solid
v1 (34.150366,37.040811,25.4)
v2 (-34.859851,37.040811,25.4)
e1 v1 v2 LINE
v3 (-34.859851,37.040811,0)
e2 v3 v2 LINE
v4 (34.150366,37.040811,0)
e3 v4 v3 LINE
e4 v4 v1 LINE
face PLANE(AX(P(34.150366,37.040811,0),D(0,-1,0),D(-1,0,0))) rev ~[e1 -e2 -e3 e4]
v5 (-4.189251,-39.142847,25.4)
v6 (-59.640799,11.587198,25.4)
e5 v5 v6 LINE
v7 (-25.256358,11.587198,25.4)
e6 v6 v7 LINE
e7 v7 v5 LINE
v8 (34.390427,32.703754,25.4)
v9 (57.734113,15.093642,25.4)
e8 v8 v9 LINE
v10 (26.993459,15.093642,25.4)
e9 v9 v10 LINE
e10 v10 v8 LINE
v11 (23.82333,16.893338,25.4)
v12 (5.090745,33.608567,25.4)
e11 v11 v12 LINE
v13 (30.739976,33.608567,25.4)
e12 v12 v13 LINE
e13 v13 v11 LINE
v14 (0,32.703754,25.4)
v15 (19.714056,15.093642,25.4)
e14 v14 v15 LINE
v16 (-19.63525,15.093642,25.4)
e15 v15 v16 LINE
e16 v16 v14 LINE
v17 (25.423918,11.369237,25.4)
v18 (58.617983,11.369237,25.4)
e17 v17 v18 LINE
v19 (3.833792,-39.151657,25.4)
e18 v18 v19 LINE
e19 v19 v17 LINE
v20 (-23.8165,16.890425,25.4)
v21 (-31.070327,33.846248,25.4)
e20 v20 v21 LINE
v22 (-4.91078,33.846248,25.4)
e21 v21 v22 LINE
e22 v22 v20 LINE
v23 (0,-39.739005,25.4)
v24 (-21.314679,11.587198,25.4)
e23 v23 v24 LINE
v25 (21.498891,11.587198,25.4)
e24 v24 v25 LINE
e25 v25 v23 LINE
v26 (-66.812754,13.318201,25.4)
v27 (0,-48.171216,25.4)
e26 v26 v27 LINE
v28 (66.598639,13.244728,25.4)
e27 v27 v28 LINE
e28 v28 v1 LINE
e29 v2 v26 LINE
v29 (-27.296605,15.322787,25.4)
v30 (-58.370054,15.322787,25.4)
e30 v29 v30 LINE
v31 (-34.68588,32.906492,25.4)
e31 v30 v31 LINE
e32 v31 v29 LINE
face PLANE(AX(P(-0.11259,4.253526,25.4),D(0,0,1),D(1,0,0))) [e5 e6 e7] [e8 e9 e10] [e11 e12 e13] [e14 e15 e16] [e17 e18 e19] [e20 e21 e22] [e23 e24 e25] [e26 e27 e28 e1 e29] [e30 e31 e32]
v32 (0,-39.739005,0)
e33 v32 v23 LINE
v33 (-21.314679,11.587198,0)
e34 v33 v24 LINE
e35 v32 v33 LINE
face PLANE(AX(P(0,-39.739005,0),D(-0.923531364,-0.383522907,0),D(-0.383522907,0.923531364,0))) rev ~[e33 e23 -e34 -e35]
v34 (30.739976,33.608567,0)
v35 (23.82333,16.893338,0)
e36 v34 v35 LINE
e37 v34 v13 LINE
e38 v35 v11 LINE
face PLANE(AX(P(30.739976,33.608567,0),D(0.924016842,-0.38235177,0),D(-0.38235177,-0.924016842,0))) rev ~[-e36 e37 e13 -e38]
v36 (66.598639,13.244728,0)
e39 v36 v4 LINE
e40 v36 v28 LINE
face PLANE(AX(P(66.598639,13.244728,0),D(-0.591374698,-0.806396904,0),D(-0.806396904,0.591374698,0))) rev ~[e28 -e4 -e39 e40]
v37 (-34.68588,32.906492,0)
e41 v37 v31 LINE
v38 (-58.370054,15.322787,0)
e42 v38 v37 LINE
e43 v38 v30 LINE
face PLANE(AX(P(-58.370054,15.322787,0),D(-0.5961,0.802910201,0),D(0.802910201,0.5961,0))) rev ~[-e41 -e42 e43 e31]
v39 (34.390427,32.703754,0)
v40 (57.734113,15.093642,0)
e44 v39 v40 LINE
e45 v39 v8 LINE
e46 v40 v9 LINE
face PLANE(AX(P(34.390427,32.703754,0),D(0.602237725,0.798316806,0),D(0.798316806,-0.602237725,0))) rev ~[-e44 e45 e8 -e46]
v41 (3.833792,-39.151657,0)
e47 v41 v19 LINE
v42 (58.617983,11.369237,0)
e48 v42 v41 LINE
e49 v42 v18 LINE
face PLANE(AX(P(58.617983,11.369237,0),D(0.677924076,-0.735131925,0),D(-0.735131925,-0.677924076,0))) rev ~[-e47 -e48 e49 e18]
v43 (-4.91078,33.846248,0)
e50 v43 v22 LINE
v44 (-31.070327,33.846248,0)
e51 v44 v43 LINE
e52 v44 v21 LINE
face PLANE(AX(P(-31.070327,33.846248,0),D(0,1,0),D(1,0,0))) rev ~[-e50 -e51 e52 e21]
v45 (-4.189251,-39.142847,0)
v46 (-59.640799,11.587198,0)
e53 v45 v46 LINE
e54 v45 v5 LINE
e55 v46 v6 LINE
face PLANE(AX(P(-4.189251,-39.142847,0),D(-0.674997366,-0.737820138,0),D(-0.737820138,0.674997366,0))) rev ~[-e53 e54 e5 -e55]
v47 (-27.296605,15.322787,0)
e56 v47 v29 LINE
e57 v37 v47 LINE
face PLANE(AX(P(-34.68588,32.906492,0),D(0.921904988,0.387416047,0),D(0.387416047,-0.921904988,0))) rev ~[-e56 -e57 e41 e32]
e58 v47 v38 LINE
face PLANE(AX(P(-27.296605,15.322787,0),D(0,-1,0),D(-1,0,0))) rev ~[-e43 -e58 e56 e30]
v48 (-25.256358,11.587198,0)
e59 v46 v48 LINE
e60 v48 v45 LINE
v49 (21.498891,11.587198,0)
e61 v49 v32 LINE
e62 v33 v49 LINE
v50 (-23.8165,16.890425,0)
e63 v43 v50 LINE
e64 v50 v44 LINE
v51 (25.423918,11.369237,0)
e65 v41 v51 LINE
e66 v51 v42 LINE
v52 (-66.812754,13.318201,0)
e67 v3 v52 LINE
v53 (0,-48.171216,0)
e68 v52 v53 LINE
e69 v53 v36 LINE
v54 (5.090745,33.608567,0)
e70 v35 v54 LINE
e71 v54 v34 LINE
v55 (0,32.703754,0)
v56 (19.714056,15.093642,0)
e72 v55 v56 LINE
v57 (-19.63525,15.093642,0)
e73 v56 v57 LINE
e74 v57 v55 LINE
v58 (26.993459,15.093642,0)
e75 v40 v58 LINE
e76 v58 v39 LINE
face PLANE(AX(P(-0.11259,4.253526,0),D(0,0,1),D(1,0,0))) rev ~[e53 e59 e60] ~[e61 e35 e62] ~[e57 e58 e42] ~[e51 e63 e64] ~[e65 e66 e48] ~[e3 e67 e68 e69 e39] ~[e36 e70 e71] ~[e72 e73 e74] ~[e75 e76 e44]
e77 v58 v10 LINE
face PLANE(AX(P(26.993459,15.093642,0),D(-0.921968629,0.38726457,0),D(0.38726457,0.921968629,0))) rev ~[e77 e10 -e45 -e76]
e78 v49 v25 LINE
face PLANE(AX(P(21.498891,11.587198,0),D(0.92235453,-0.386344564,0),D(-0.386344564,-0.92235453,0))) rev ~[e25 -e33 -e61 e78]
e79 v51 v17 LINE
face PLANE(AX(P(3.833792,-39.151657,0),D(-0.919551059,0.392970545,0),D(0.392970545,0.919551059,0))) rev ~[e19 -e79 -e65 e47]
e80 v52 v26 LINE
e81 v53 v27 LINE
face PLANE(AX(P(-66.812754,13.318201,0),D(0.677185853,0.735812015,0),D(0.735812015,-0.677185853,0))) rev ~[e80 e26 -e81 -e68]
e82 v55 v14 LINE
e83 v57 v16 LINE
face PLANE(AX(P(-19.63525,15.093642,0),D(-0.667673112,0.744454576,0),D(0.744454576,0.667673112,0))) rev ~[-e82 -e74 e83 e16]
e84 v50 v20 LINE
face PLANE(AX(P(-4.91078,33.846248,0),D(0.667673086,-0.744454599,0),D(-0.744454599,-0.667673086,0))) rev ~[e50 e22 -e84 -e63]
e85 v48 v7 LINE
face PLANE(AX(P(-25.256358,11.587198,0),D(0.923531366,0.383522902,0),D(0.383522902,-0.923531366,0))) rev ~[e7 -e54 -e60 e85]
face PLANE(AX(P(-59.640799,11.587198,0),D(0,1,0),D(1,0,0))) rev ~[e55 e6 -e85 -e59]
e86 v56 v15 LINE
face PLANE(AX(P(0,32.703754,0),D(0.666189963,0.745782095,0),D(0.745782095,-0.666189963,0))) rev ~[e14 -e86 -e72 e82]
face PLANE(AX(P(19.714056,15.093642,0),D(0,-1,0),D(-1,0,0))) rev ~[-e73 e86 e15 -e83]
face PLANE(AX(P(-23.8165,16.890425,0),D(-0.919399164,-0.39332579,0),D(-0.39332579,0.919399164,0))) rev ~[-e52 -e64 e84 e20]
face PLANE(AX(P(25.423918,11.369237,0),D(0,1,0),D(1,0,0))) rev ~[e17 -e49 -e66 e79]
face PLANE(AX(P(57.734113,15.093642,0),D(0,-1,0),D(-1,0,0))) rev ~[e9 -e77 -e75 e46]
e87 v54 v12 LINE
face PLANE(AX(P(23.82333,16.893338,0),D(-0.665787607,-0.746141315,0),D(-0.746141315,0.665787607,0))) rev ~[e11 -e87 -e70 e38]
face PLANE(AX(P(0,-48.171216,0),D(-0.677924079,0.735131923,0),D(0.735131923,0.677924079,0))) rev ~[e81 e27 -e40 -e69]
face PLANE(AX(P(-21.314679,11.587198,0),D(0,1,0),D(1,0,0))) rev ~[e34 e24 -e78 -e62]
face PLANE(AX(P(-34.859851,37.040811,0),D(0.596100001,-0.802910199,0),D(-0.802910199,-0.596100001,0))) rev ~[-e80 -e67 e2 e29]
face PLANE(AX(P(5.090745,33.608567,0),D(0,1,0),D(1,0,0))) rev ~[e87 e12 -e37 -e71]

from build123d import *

# Parameters (mm, degrees)
F1_DEPTH = 25.4


with BuildPart() as f1:
    # F0 (on Top) → F1 (new body)
    with BuildSketch(Plane.XY):
        Polygon((-34.859851, 37.040811), (-66.812754, 13.318201), (0, -48.171216), (66.598639, 13.244728), (34.150366, 37.040811), align=None)
        Polygon((-4.189251, -39.142847), (-59.640799, 11.587198), (-25.256358, 11.587198), align=None, mode=Mode.SUBTRACT)
        Polygon((0, -39.739005), (-21.314679, 11.587198), (21.498891, 11.587198), align=None, mode=Mode.SUBTRACT)
        Polygon((3.833792, -39.151657), (25.423918, 11.369237), (58.617983, 11.369237), align=None, mode=Mode.SUBTRACT)
        Polygon((-27.296605, 15.322787), (-58.370054, 15.322787), (-34.68588, 32.906492), align=None, mode=Mode.SUBTRACT)
        Polygon((-23.8165, 16.890425), (-31.070327, 33.846248), (-4.91078, 33.846248), align=None, mode=Mode.SUBTRACT)
        Polygon((19.714056, 15.093642), (-19.63525, 15.093642), (0, 32.703754), align=None, mode=Mode.SUBTRACT)
        Polygon((23.82333, 16.893338), (5.090745, 33.608567), (30.739976, 33.608567), align=None, mode=Mode.SUBTRACT)
        Polygon((57.734113, 15.093642), (26.993459, 15.093642), (34.390427, 32.703754), align=None, mode=Mode.SUBTRACT)
    extrude(amount=F1_DEPTH)


solid = f1.part
